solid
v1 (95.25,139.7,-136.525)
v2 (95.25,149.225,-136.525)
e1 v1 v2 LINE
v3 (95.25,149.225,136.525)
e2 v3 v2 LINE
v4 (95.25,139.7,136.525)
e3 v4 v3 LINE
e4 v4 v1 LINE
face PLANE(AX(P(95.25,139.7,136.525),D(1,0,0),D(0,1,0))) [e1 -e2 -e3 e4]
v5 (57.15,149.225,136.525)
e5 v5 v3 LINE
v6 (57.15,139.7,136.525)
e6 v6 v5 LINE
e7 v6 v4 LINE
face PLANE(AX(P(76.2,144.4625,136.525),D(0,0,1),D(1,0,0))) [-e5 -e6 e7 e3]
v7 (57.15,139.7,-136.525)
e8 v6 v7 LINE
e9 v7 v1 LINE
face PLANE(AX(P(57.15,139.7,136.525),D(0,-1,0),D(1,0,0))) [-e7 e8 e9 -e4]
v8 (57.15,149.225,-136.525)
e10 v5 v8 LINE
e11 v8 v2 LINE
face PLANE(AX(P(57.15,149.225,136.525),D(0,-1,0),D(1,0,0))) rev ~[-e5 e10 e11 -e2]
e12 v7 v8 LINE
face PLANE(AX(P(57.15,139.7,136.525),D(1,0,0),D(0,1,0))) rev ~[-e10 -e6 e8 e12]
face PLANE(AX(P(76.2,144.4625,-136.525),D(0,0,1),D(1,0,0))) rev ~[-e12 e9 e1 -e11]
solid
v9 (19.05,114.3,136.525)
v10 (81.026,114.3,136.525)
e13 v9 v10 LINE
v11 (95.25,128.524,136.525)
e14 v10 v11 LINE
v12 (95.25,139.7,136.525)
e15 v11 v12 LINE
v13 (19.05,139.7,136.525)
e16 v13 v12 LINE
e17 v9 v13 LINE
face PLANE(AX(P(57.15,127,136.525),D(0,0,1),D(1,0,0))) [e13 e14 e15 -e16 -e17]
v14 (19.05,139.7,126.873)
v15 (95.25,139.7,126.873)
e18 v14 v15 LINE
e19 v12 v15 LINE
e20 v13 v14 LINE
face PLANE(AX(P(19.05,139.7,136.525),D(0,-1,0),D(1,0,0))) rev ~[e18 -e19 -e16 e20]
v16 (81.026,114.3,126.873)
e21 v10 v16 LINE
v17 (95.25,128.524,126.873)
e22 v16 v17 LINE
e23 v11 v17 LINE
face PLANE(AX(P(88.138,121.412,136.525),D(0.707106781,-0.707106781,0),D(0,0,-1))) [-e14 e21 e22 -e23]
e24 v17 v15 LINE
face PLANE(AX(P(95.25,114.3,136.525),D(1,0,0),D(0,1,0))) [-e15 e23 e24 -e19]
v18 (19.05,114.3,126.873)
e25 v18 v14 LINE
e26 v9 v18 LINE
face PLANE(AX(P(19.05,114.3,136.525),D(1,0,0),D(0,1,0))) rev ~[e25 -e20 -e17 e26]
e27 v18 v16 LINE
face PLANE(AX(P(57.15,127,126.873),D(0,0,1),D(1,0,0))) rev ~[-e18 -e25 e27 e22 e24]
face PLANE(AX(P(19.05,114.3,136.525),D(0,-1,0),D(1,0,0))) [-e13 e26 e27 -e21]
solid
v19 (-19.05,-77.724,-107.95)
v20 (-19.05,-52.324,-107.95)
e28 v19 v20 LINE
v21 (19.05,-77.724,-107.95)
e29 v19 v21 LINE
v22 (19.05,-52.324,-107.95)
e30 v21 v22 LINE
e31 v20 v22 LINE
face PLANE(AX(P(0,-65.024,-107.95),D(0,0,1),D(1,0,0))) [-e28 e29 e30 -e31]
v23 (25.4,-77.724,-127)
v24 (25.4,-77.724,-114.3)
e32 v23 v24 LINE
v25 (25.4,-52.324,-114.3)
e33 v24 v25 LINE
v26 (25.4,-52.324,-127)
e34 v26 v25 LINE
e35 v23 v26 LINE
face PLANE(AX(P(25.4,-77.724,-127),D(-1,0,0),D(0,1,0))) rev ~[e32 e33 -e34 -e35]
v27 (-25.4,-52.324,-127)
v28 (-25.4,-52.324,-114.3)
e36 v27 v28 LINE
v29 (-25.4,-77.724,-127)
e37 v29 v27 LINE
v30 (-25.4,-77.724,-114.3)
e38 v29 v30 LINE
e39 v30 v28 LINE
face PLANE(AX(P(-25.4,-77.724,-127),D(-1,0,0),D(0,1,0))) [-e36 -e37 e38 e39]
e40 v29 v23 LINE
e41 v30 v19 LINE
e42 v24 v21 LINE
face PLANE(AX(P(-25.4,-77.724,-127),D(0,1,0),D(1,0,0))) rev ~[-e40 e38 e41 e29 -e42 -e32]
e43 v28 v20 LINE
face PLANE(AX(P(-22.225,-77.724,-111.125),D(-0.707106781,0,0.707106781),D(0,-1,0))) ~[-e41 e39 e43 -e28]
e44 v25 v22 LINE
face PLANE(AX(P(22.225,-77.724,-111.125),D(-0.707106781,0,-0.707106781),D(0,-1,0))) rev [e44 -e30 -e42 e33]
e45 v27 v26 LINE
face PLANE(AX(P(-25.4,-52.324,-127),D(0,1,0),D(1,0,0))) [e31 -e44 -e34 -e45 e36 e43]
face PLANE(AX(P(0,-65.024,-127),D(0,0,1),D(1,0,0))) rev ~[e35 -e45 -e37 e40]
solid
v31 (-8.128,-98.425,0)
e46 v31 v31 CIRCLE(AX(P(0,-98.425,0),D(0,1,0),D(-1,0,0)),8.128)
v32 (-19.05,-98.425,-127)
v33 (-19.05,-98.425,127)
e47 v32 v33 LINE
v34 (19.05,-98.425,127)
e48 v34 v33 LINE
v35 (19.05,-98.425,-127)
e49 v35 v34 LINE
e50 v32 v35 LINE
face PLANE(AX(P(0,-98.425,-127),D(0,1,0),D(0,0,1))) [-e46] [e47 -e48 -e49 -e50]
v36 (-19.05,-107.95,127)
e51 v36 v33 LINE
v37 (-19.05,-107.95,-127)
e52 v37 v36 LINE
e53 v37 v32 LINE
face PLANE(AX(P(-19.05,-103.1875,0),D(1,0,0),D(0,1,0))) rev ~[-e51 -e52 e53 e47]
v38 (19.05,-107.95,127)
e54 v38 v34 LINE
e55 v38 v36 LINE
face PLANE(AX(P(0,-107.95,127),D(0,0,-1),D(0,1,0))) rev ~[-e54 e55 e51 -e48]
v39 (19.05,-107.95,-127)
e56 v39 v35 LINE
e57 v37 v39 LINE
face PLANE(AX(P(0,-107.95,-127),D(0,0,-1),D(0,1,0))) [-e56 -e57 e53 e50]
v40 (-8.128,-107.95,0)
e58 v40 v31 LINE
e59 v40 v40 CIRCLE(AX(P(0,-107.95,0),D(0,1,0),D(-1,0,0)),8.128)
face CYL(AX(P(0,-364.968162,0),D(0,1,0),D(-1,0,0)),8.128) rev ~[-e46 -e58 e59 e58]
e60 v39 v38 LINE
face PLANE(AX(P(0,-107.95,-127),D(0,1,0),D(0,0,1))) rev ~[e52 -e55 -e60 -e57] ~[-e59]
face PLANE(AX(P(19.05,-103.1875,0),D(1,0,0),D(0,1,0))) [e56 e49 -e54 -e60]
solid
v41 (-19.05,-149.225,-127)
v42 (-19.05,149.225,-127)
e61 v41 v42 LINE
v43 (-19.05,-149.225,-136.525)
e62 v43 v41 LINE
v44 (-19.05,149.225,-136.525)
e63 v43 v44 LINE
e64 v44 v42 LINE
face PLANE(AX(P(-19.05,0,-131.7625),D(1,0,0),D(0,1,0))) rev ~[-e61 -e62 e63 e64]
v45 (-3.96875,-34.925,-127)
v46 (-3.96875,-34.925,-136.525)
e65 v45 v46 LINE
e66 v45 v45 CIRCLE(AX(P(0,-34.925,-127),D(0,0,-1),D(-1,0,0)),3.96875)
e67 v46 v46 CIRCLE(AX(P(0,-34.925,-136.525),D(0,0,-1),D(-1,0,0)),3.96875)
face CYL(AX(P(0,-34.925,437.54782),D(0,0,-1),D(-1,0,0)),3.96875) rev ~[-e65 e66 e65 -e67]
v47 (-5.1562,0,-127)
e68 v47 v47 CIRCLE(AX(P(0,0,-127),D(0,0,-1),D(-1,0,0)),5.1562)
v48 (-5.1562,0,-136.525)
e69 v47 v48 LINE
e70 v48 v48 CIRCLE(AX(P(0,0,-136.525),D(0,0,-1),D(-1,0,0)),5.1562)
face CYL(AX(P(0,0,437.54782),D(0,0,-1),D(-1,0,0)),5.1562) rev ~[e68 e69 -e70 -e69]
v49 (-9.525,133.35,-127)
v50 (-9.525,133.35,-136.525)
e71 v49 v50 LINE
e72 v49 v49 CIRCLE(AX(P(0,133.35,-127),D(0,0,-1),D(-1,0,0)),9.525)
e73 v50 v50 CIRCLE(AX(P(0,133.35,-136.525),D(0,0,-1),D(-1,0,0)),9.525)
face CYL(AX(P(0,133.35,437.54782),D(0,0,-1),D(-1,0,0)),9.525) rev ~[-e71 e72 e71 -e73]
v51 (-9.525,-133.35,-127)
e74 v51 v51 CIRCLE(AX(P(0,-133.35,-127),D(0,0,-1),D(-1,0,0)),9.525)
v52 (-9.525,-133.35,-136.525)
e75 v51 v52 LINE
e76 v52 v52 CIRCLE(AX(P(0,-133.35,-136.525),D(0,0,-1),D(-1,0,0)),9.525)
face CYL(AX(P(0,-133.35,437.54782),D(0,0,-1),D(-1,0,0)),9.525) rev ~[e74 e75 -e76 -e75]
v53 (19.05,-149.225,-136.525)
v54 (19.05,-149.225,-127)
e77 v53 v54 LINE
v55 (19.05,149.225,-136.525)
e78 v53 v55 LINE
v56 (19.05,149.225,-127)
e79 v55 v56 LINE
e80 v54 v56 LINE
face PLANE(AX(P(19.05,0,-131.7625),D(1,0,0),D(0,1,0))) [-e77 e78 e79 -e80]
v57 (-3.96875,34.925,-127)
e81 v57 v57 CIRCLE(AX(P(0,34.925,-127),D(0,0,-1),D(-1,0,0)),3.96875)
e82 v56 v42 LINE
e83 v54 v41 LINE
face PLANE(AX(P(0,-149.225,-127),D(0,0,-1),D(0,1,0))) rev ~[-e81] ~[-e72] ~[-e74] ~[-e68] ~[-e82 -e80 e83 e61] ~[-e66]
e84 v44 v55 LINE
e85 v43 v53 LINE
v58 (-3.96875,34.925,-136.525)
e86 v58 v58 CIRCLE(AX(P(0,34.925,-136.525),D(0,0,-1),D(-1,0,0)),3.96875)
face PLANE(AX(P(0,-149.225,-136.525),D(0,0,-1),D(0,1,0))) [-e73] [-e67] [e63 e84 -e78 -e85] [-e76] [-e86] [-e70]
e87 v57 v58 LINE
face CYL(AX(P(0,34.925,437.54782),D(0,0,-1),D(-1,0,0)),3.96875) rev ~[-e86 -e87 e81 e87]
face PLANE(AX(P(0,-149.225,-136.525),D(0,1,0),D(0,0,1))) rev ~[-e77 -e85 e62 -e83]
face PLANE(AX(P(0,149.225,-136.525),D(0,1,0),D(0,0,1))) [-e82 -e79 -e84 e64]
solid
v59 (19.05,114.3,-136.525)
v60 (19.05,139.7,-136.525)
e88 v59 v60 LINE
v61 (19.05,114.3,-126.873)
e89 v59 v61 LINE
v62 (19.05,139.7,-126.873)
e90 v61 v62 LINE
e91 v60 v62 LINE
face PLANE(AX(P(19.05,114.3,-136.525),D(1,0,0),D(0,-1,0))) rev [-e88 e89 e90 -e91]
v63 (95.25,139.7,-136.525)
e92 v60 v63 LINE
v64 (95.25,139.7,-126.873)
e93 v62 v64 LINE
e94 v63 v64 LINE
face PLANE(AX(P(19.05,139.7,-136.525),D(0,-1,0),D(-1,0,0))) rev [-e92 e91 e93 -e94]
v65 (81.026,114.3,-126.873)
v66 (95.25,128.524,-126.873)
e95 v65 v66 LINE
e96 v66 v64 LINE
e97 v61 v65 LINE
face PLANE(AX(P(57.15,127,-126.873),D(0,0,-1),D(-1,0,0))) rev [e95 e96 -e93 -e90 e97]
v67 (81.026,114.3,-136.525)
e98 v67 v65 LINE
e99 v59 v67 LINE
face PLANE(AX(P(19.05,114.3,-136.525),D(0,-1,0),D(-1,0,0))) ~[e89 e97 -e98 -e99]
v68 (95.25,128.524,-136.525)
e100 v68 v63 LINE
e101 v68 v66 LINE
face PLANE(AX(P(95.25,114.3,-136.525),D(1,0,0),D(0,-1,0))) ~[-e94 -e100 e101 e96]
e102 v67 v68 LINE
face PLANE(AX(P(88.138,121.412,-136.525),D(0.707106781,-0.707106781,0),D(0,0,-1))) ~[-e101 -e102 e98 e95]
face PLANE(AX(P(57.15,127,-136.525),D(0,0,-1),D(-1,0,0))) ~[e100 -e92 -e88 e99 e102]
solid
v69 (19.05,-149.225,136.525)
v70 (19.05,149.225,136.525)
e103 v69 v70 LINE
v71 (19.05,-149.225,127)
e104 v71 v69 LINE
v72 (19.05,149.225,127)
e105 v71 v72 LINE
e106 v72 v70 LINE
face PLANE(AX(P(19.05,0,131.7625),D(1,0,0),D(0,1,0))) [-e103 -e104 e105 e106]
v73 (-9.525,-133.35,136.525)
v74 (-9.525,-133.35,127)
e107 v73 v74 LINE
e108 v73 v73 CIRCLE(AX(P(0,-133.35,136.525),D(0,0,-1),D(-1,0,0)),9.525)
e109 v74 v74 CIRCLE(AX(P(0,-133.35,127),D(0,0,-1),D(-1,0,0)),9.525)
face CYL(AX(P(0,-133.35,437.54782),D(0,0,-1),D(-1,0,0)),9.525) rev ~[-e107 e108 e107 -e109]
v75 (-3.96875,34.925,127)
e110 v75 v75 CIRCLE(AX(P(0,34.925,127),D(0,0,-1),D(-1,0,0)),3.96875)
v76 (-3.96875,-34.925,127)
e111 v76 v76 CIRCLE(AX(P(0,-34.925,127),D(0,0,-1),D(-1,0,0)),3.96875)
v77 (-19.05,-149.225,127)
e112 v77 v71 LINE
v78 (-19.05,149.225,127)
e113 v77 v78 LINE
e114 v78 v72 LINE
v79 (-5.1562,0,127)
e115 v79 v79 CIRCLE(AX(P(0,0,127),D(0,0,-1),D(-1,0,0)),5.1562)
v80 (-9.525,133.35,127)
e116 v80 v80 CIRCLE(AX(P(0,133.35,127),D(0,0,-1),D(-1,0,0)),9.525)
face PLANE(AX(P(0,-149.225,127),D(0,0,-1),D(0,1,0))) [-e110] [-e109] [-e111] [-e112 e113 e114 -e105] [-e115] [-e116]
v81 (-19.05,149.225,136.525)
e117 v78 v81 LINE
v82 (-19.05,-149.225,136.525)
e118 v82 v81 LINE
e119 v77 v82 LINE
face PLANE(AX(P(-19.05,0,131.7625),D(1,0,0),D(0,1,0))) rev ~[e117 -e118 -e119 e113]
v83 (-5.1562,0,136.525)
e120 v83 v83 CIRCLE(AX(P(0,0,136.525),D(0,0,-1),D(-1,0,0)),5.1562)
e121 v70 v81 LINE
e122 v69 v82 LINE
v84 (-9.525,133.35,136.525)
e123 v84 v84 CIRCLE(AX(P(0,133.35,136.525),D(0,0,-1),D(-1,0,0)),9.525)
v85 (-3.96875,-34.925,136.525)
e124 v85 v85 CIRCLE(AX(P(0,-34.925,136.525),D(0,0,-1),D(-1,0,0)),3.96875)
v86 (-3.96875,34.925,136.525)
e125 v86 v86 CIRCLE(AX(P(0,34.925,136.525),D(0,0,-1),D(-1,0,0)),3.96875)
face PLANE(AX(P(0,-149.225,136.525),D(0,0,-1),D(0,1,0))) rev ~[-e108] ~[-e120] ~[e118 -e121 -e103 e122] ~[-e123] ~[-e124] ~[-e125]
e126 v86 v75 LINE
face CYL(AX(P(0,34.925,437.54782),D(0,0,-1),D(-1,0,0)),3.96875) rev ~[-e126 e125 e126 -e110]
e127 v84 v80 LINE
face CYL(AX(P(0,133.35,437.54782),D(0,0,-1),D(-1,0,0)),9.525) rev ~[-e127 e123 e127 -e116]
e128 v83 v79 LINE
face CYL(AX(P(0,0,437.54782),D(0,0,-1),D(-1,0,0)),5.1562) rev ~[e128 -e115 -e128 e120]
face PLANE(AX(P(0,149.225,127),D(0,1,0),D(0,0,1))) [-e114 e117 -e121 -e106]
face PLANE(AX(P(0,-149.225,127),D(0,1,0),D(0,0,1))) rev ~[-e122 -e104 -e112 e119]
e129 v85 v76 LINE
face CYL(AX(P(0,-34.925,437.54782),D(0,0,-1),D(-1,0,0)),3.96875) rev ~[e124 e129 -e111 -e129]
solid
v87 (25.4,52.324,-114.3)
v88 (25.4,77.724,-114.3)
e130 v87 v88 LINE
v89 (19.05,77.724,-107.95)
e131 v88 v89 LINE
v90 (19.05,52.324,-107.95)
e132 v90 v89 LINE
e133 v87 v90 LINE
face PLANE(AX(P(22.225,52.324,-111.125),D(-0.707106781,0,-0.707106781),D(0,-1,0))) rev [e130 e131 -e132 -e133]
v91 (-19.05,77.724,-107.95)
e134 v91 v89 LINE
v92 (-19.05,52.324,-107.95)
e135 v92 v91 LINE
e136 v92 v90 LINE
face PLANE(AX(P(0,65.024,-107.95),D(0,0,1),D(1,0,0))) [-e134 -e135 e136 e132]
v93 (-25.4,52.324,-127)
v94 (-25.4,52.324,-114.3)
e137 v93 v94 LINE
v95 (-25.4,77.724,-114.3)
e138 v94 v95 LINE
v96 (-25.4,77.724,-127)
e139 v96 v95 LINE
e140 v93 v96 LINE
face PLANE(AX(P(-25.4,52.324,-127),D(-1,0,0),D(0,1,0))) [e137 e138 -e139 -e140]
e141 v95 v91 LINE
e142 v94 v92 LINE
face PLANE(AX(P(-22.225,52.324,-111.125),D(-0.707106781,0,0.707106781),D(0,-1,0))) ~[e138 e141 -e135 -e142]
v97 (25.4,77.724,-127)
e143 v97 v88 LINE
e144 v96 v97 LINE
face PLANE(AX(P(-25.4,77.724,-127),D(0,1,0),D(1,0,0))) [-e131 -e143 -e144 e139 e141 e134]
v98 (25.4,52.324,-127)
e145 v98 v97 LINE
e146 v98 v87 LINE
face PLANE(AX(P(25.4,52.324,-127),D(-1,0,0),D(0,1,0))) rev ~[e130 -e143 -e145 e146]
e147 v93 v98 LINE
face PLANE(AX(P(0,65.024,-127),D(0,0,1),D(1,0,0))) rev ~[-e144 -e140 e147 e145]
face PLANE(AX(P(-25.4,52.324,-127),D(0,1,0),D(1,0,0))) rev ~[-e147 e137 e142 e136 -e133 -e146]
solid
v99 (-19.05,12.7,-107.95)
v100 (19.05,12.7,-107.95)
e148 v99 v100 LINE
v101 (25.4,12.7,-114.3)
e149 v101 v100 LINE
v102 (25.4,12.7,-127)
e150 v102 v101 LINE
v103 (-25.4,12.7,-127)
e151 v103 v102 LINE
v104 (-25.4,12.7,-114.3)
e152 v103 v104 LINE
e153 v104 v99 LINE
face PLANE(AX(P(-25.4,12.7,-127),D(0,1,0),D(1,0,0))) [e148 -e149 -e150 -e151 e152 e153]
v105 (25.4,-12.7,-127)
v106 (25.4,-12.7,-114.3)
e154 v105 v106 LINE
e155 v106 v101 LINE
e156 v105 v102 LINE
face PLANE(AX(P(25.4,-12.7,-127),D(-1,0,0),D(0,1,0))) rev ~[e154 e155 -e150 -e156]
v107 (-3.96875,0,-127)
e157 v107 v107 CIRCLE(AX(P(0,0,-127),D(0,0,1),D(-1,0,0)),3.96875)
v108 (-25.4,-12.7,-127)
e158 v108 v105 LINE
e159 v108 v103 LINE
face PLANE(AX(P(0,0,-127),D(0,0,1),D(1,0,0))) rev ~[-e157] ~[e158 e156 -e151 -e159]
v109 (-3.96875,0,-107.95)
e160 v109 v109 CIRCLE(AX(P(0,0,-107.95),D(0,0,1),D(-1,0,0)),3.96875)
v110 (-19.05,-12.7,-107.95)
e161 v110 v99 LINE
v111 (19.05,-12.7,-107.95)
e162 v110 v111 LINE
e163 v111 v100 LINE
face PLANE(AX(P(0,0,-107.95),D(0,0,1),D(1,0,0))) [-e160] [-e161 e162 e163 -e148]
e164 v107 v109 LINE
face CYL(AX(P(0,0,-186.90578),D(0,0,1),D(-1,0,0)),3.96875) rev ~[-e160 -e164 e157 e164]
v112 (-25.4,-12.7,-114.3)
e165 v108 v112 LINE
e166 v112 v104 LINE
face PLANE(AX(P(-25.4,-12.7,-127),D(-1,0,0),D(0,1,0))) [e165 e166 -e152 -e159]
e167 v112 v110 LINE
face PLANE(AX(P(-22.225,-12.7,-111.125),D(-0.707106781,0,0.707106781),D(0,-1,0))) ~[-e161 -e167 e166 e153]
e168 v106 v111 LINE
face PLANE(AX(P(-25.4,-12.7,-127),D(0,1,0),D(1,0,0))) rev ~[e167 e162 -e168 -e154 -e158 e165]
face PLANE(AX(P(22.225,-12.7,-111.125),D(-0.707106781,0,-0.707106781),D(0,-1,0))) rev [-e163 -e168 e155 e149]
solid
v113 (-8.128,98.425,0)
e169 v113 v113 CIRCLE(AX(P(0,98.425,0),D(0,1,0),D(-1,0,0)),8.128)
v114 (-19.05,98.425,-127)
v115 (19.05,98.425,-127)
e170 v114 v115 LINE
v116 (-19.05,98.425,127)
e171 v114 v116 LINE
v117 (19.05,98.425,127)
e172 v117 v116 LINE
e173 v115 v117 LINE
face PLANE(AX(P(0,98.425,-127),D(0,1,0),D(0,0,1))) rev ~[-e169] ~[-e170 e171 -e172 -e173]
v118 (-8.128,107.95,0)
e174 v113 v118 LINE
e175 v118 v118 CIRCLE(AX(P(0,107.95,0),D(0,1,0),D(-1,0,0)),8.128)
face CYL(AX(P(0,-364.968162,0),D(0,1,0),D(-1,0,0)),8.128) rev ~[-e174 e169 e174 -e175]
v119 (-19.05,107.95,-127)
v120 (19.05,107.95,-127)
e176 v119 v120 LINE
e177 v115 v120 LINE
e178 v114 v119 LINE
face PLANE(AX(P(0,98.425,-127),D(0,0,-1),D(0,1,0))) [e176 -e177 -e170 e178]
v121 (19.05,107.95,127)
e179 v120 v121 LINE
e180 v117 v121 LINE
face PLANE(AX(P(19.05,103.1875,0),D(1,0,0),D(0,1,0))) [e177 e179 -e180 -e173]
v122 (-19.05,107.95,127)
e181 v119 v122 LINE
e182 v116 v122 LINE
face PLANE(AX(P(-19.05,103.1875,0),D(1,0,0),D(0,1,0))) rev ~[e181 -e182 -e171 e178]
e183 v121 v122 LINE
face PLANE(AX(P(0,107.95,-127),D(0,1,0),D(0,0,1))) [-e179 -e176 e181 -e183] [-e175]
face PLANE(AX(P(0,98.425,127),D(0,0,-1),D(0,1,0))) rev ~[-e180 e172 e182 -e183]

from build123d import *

# Parameters (mm, degrees)
F0_W       = 298.45
F0_H       = 9.525
F1_DEPTH   = 19.05
F2_W       = 9.525
F2_H       = 254
F3_DEPTH   = 19.05
F5_D       = 19.05
F5_2_D     = 19.05
F7_D       = 7.9375
F7_2_D     = 7.9375
F8_D       = 10.3124
F8_2_D     = 10.3124
F10_D      = 16.256
F10_2_D    = 16.256
F11_W      = 50.8
F11_H      = 25.4
F12_DEPTH  = 19.05
F13_SIZE   = 6.35
F13_2_SIZE = 6.35
F13_3_SIZE = 6.35
F14_W      = 76.2
F14_H      = 25.4
F15_DEPTH  = 9.652
F16_SIZE   = 14.224
F18_W      = 38.1
F18_H      = 9.525
F19_DEPTH  = 273.05
F21_D      = 7.9375


with BuildPart() as f1:
    # F0 (on Right) → F1 (new body, symmetric)
    with BuildSketch(Plane.YZ):
        with Locations((0, 131.7625)):
            Rectangle(F0_W, F0_H)
    extrude(amount=F1_DEPTH, both=True)

    # F5 (through all)
    with Locations(Plane.XY.offset(136.525)):
        with Locations((0, -133.35), (0, 133.35)):
            Hole(F5_D / 2)

    # F7 (through all)
    with Locations(Plane.XY.offset(136.525)):
        with Locations((0, -34.925), (0, 34.925)):
            Hole(F7_D / 2)

    # F8 (through all)
    with Locations(Plane.XY.offset(136.525)):
        with Locations((0, 0)):
            Hole(F8_D / 2)


with BuildPart() as f1b:
    # F0 (on Right) → F1, piece 2 (new body, symmetric)
    with BuildSketch(Plane.YZ):
        with Locations((0, -131.7625)):
            Rectangle(F0_W, F0_H)
    extrude(amount=F1_DEPTH, both=True)

    # F5#2 (through all)
    with Locations(Plane.XY.offset(136.525)):
        with Locations((0, -133.35), (0, 133.35)):
            Hole(F5_2_D / 2)

    # F7#2 (through all)
    with Locations(Plane.XY.offset(136.525)):
        with Locations((0, -34.925), (0, 34.925)):
            Hole(F7_2_D / 2)

    # F8#2 (through all)
    with Locations(Plane.XY.offset(136.525)):
        with Locations((0, 0)):
            Hole(F8_2_D / 2)


with BuildPart() as f3:
    # F2 (on Right) → F3 (new body, symmetric)
    with BuildSketch(Plane.YZ):
        with Locations((-103.1875, 0)):
            Rectangle(F2_W, F2_H)
    extrude(amount=F3_DEPTH, both=True)

    # F10 (through all)
    with Locations(Plane.XZ.offset(107.95)):
        with Locations((0, 0)):
            Hole(F10_D / 2)


with BuildPart() as f3b:
    # F2 (on Right) → F3, piece 2 (new body, symmetric)
    with BuildSketch(Plane.YZ):
        with Locations((103.1875, 0)):
            Rectangle(F2_W, F2_H)
    extrude(amount=F3_DEPTH, both=True)

    # F10#2 (through all)
    with Locations(Plane.XZ.offset(107.95)):
        with Locations((0, 0)):
            Hole(F10_2_D / 2)


with BuildPart() as f12:
    # F11 (on face) → F12 (new body)
    with BuildSketch(Plane.XY.offset(-127)):
        Rectangle(F11_W, F11_H)
    extrude(amount=F12_DEPTH)

    # F13#2
    f13_2_edges = [f12.edges().sort_by_distance(p)[0] for p in [
        (-25.4, 0, -107.95),
        (25.4, 0, -107.95),
    ]]
    chamfer(f13_2_edges, length=F13_2_SIZE)

    # F21 (through all)
    with Locations(Plane(origin=(0, 0, -127), x_dir=(1, 0, 0), z_dir=(0, 0, -1))):
        with Locations((0, 0)):
            Hole(F21_D / 2)


with BuildPart() as f12b:
    # F11 (on face) → F12, piece 2 (new body)
    with BuildSketch(Plane.XY.offset(-127)):
        with Locations((0, 65.024)):
            Rectangle(F11_W, F11_H)
    extrude(amount=F12_DEPTH)

    # F13#3
    f13_3_edges = [f12b.edges().sort_by_distance(p)[0] for p in [
        (25.4, 65.024, -107.95),
        (-25.4, 65.024, -107.95),
    ]]
    chamfer(f13_3_edges, length=F13_3_SIZE)


with BuildPart() as f12c:
    # F11 (on face) → F12, piece 3 (new body)
    with BuildSketch(Plane.XY.offset(-127)):
        with Locations((0, -65.024)):
            Rectangle(F11_W, F11_H)
    extrude(amount=F12_DEPTH)

    # F13
    f13_edges = [f12c.edges().sort_by_distance(p)[0] for p in [
        (25.4, -65.024, -107.95),
        (-25.4, -65.024, -107.95),
    ]]
    chamfer(f13_edges, length=F13_SIZE)


with BuildPart() as f15:
    # F14 (on face) → F15 (new body)
    with BuildSketch(Plane.XY.offset(136.525)):
        with Locations((57.15, 127)):
            Rectangle(F14_W, F14_H)
    extrude(amount=-F15_DEPTH)

    # F16
    f16_edges = [f15.edges().sort_by_distance(p)[0] for p in [
        (95.25, 114.3, 131.699),
    ]]
    chamfer(f16_edges, length=F16_SIZE)


with BuildPart() as f17_1:
    # F17: instance of F15
    add(f15.part.mirror(Plane.XY))


with BuildPart() as f19:
    # F18 (on face) → F19 (new body)
    with BuildSketch(Plane.XY.offset(136.525)):
        with Locations((76.2, 144.4625)):
            Rectangle(F18_W, F18_H)
    extrude(amount=-F19_DEPTH)


solid = Compound([f1.part, f1b.part, f3.part, f3b.part, f12.part, f12b.part, f12c.part, f15.part, f17_1.part, f19.part])
